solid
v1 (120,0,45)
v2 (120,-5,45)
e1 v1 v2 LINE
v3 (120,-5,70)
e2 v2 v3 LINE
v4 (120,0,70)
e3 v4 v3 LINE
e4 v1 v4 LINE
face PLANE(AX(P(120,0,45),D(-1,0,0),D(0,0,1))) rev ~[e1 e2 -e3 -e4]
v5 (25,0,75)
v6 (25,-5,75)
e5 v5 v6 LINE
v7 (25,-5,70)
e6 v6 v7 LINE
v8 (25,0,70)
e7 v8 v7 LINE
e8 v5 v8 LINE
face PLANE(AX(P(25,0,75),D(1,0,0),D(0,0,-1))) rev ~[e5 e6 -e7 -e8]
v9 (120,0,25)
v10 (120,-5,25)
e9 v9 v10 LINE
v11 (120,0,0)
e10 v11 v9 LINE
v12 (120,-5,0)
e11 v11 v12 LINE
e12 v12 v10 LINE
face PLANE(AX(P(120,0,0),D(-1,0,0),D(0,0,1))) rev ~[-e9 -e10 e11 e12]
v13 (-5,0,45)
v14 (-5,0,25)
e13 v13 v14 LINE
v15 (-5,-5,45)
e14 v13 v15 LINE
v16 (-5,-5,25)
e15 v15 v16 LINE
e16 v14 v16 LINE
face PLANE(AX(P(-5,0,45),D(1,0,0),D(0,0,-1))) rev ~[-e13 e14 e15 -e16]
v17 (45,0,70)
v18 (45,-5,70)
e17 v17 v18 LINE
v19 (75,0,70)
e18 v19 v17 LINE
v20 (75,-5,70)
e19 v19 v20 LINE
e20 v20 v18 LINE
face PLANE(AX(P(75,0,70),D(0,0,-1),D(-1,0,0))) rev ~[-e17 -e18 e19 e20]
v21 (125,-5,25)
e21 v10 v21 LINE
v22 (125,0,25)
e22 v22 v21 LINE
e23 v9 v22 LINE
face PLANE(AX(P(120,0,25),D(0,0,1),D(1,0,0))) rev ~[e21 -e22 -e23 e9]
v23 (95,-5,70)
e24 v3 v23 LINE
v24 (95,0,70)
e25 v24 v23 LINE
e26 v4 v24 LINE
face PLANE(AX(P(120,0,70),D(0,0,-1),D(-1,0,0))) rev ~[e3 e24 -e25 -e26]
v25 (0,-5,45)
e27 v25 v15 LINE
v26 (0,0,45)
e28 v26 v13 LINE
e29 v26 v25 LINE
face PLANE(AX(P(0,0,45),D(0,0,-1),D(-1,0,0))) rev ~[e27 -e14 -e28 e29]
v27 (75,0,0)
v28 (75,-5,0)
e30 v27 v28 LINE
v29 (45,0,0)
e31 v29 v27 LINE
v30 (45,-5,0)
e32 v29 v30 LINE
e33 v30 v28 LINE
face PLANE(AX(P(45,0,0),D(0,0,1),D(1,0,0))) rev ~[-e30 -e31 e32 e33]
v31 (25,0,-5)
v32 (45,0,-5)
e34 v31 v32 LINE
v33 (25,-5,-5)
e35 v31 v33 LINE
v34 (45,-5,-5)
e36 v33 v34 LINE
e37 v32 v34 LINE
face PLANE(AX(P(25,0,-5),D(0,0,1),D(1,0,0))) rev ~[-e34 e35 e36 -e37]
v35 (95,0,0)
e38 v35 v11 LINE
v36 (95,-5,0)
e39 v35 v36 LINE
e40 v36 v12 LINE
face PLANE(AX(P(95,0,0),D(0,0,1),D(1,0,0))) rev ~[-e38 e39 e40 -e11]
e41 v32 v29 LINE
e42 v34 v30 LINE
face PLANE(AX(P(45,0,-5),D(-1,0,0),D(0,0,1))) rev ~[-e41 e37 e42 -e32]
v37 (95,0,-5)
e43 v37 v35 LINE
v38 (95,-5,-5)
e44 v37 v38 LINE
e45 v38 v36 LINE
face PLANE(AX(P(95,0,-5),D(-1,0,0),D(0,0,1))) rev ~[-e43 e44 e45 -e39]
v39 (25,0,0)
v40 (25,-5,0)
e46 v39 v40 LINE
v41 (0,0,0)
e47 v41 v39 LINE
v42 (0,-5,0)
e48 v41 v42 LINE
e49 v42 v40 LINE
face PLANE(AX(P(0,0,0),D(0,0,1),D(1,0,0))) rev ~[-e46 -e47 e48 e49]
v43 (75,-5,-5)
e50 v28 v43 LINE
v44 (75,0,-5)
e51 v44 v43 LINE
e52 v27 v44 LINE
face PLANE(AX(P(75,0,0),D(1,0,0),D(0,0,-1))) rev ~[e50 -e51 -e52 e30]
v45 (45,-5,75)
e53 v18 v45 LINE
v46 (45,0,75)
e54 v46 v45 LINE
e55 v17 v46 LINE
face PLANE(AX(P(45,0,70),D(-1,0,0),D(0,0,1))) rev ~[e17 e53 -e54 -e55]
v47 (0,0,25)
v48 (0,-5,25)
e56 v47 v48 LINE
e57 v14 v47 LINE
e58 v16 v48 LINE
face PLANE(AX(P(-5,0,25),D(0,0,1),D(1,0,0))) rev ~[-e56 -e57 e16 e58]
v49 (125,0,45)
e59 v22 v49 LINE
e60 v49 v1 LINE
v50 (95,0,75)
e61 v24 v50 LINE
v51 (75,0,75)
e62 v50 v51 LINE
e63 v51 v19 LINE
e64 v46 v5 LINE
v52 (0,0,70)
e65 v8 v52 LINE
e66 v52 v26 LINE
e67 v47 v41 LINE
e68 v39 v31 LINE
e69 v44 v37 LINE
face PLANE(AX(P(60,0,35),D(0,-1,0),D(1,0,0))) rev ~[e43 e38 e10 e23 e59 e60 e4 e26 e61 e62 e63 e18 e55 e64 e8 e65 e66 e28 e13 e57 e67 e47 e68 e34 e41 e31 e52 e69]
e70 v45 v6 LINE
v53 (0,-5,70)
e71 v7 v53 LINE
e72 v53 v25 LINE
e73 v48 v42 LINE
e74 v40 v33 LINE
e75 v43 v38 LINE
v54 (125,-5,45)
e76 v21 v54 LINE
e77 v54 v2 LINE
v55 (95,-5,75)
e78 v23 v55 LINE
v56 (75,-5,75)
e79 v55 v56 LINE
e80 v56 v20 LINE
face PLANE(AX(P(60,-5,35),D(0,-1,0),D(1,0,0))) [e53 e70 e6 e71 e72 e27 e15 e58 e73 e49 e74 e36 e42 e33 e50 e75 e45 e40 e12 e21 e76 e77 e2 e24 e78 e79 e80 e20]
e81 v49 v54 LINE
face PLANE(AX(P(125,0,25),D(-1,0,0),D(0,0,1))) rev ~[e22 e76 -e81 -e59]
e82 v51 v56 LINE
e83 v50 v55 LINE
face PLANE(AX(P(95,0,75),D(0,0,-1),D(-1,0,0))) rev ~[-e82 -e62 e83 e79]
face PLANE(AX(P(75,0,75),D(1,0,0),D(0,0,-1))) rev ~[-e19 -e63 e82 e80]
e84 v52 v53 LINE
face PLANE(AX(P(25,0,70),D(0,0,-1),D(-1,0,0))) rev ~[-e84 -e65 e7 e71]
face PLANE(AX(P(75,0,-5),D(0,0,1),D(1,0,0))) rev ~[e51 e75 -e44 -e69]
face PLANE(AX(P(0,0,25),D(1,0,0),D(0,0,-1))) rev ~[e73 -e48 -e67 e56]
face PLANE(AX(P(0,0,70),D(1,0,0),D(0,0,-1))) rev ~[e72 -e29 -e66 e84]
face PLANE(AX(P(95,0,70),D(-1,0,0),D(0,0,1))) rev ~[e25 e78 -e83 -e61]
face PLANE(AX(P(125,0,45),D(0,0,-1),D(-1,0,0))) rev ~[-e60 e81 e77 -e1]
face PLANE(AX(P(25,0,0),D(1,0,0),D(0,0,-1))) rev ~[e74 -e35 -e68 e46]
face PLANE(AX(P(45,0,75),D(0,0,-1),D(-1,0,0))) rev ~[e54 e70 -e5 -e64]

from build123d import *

# Parameters (mm, degrees)
F1_DEPTH = 5


with BuildPart() as f1:
    # F0 (on Front) → F1 (new body)
    with BuildSketch(Plane.XZ):
        Polygon((0, 25), (0, 0), (25, 0), (25, -5), (45, -5), (45, 0), (75, 0), (75, -5), (95, -5), (95, 0), (120, 0), (120, 25), (125, 25), (125, 45), (120, 45), (120, 70), (95, 70), (95, 75), (75, 75), (75, 70), (45, 70), (45, 75), (25, 75), (25, 70), (0, 70), (0, 45), (-5, 45), (-5, 25), align=None)
    extrude(amount=F1_DEPTH)


solid = f1.part
